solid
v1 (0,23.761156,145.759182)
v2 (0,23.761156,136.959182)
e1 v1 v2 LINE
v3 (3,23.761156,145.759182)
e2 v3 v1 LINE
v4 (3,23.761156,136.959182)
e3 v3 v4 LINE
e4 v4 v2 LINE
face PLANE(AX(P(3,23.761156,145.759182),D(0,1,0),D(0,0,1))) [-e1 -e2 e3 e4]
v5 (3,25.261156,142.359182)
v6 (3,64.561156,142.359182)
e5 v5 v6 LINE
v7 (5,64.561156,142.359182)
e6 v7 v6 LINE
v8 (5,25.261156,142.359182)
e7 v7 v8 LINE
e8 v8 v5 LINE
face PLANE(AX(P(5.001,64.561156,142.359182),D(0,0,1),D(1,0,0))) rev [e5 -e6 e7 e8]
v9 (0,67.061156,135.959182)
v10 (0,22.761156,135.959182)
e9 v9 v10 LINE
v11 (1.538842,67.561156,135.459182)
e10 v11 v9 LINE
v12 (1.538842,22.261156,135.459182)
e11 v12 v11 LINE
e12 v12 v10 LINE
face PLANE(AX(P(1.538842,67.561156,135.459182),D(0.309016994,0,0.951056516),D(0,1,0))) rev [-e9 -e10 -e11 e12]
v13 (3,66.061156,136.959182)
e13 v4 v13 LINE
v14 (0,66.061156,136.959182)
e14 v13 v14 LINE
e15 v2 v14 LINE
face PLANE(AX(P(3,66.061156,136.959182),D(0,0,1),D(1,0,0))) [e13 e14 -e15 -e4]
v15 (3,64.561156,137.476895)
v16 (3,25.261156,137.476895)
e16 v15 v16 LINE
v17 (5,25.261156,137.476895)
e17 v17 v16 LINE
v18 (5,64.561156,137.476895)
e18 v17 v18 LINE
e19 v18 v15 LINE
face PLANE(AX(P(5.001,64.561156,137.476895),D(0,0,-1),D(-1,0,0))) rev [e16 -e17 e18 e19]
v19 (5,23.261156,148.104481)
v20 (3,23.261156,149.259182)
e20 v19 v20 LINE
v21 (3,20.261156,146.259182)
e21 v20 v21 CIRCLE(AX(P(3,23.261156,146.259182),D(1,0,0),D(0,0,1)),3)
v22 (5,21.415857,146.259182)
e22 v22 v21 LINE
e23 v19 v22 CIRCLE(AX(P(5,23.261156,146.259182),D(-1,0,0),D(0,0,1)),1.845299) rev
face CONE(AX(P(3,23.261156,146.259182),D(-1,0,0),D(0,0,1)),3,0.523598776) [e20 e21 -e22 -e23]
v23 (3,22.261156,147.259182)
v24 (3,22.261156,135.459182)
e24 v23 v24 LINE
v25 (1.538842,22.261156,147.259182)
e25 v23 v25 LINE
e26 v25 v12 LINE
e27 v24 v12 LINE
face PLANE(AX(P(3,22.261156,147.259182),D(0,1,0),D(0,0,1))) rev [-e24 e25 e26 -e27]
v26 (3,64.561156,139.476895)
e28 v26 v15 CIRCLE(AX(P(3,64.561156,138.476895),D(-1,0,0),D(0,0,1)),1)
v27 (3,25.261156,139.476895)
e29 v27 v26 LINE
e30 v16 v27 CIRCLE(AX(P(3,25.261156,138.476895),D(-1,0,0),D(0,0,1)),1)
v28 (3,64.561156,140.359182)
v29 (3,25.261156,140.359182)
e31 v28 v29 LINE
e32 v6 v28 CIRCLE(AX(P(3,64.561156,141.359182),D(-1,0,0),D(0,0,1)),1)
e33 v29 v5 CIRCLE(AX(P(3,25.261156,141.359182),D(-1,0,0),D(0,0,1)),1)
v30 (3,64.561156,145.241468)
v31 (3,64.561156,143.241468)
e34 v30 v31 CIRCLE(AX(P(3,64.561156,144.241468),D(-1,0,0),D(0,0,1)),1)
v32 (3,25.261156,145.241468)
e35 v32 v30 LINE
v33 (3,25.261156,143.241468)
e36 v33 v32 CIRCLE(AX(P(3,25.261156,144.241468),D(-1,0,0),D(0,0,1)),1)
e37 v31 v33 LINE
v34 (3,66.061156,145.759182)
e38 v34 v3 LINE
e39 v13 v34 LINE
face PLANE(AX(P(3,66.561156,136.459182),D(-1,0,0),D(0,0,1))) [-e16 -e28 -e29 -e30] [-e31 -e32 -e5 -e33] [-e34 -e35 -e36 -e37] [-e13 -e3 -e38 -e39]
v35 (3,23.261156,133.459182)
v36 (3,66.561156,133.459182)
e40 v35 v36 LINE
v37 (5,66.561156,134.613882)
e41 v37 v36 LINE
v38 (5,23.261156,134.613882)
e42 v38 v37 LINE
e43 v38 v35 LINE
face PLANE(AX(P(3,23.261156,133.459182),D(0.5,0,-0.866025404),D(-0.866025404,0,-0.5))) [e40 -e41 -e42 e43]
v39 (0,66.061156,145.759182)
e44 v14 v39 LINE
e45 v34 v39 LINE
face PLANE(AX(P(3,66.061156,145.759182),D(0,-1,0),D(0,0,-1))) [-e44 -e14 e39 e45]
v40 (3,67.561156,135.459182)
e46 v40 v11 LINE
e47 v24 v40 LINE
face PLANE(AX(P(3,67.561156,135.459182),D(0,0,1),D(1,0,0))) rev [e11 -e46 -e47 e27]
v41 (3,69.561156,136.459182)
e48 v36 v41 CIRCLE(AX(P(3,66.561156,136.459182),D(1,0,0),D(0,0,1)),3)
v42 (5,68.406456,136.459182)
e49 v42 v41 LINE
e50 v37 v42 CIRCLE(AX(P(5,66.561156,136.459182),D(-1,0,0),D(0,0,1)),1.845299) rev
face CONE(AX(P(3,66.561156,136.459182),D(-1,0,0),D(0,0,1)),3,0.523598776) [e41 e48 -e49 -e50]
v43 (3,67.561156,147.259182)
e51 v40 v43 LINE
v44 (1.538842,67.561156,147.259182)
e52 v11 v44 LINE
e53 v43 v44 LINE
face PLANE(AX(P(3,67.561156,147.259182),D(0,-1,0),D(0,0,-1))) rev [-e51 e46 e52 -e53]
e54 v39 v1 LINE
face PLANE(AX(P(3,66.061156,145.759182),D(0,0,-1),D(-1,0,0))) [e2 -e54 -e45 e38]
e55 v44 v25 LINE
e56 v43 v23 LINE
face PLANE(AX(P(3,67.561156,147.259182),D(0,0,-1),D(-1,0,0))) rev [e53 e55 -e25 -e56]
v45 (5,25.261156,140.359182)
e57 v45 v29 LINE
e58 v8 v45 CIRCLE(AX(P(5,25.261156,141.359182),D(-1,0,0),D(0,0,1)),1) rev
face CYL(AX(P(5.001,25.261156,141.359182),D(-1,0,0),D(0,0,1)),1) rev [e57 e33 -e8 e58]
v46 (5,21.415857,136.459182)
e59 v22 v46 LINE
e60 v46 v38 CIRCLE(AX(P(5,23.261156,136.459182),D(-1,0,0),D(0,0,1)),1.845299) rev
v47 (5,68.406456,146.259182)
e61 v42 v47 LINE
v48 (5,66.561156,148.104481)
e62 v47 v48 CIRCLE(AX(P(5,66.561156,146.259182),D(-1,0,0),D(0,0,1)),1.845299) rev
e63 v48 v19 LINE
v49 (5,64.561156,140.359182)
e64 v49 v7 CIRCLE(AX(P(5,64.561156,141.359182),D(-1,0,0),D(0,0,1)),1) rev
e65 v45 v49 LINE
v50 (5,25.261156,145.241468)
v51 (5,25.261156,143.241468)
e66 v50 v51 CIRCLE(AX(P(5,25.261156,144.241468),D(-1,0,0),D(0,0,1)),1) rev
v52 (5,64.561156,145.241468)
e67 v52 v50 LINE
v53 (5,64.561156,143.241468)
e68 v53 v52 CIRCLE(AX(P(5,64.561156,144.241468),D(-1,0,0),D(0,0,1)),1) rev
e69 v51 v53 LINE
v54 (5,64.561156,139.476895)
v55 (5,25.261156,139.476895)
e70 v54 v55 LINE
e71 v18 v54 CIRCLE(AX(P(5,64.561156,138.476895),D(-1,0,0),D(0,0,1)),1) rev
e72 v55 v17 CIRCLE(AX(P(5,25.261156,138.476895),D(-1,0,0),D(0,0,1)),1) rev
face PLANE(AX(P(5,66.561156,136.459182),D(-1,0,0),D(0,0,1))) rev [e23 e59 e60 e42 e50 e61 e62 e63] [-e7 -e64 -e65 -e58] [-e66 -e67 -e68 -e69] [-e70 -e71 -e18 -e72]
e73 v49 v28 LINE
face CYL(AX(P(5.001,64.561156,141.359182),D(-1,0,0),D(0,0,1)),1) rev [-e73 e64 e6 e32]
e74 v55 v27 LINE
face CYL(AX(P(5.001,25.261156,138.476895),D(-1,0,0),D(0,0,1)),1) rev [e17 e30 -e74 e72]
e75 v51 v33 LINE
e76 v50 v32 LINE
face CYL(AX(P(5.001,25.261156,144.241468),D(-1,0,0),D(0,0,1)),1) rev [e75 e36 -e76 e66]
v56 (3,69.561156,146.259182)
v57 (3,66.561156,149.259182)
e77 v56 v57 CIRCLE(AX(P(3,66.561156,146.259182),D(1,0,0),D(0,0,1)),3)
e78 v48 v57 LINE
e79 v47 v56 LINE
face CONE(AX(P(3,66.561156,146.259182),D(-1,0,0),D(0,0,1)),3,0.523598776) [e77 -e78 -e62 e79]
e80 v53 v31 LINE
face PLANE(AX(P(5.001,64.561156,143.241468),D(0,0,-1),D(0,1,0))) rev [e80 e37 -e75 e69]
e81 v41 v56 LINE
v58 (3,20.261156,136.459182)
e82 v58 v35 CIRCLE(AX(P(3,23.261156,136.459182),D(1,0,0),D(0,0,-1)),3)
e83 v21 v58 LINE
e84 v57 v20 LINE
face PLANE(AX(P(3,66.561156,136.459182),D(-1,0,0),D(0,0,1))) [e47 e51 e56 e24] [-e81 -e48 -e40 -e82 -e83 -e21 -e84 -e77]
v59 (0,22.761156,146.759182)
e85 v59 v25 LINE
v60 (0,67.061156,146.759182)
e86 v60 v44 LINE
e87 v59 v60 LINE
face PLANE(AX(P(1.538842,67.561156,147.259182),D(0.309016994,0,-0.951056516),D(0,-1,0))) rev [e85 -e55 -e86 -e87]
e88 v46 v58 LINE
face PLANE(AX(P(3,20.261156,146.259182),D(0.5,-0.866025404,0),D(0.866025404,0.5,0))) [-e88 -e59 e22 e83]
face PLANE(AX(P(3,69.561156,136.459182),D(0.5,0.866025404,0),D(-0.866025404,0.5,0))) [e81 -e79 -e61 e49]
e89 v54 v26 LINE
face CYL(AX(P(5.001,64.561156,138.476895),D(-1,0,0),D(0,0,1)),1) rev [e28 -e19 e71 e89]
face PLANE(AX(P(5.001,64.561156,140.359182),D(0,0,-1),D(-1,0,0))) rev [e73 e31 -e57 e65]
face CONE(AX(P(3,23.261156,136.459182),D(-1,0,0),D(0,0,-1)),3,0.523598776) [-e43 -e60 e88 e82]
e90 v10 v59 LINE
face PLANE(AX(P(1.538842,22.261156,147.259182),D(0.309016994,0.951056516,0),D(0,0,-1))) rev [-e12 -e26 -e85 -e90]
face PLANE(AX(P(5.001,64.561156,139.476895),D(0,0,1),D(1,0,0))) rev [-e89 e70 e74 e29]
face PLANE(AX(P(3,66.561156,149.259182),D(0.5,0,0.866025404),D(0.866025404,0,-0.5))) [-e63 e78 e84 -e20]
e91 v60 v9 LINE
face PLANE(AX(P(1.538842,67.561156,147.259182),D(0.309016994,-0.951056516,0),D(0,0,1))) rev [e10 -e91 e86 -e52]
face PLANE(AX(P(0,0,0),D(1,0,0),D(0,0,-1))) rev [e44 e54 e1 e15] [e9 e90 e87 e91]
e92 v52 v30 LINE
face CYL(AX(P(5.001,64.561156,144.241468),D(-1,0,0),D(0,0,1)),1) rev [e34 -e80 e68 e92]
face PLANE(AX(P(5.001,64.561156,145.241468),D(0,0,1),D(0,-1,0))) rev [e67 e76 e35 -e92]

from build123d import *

# Parameters (mm, degrees)
SKETCH_1_W          = 11.8
SKETCH_1_H          = 45.3
SKETCH_1_W_2        = 8.8
SKETCH_1_H_2        = 42.3
EXTRUDE_1_DEPTH     = 3
EXTRUDE_2_DEPTH     = 2
EXTRUDE_2_TAPER     = 30
CUT_EXTRUDE_1_REACH = 4
CHAMFER_1_SIZE      = 0.5
CHAMFER_1_SIZE2     = 1.538841769


with BuildPart() as part:
    # 草图1 → 凸台-拉伸1 (new body)
    with BuildSketch(Plane(origin=(0, 0, 0), x_dir=(0, 0, -1), z_dir=(1, 0, 0))):
        with Locations((-141.359181517, 44.911156128)):
            Rectangle(SKETCH_1_W, SKETCH_1_H)
        with Locations((-141.359181517, 44.911156128)):
            Rectangle(SKETCH_1_W_2, SKETCH_1_H_2, mode=Mode.SUBTRACT)
    extrude(amount=EXTRUDE_1_DEPTH)

    # 草图2 → 凸台-拉伸2 (add)
    with BuildSketch(Plane(origin=(3, 0, 0), x_dir=(0, 0, -1), z_dir=(1, 0, 0))):
        with BuildLine():
            Line((-146.259181517, 20.261156128), (-136.459181517, 20.261156128))
            ThreePointArc((-136.459181517, 20.261156128), (-134.337861173, 21.139835784), (-133.459181517, 23.261156128))
            Line((-133.459181517, 23.261156128), (-133.459181517, 66.561156128))
            ThreePointArc((-133.459181517, 66.561156128), (-134.337861173, 68.682476471), (-136.459181517, 69.561156128))
            Line((-136.459181517, 69.561156128), (-146.259181517, 69.561156128))
            ThreePointArc((-146.259181517, 69.561156128), (-148.38050186, 68.682476471), (-149.259181517, 66.561156128))
            Line((-149.259181517, 66.561156128), (-149.259181517, 23.261156128))
            ThreePointArc((-149.259181517, 23.261156128), (-148.38050186, 21.139835784), (-146.259181517, 20.261156128))
        make_face()
    extrude(amount=EXTRUDE_2_DEPTH, taper=EXTRUDE_2_TAPER)

    # 草图3 → 切除-拉伸1 (cut, up to next)
    with BuildSketch(Plane.ZY.offset(-3), mode=Mode.PRIVATE) as cut_extrude_1_sk1:
        with BuildLine():
            Line((145.241468338, 64.561156128), (145.241468338, 25.261156128))
            ThreePointArc((145.241468338, 25.261156128), (144.241468338, 24.261156128), (143.241468338, 25.261156128))
            Line((143.241468338, 25.261156128), (143.241468338, 64.561156128))
            ThreePointArc((143.241468338, 64.561156128), (144.241468338, 65.561156128), (145.241468338, 64.561156128))
        make_face()
    cut_extrude_1_tool1 = extrude(cut_extrude_1_sk1.sketch, amount=-CUT_EXTRUDE_1_REACH, mode=Mode.PRIVATE) & part.part
    add(cut_extrude_1_tool1.solids().sort_by_distance((3, 44.911156, 144.241468))[0], mode=Mode.SUBTRACT)
    # 草图3 → 切除-拉伸1 (cut, up to next)
    with BuildSketch(Plane.ZY.offset(-3), mode=Mode.PRIVATE) as cut_extrude_1_sk2:
        with BuildLine():
            Line((142.359181517, 64.561156128), (142.359181517, 25.261156128))
            ThreePointArc((142.359181517, 25.261156128), (141.359181517, 24.261156128), (140.359181517, 25.261156128))
            Line((140.359181517, 25.261156128), (140.359181517, 64.561156128))
            ThreePointArc((140.359181517, 64.561156128), (141.359181517, 65.561156128), (142.359181517, 64.561156128))
        make_face()
    cut_extrude_1_tool2 = extrude(cut_extrude_1_sk2.sketch, amount=-CUT_EXTRUDE_1_REACH, mode=Mode.PRIVATE) & part.part
    add(cut_extrude_1_tool2.solids().sort_by_distance((3, 44.911156, 141.359182))[0], mode=Mode.SUBTRACT)
    # 草图3 → 切除-拉伸1 (cut, up to next)
    with BuildSketch(Plane.ZY.offset(-3), mode=Mode.PRIVATE) as cut_extrude_1_sk3:
        with BuildLine():
            Line((139.476894696, 64.561156128), (139.476894696, 25.261156128))
            ThreePointArc((139.476894696, 25.261156128), (138.476894696, 24.261156128), (137.476894696, 25.261156128))
            Line((137.476894696, 25.261156128), (137.476894696, 64.561156128))
            ThreePointArc((137.476894696, 64.561156128), (138.476894696, 65.561156128), (139.476894696, 64.561156128))
        make_face()
    cut_extrude_1_tool3 = extrude(cut_extrude_1_sk3.sketch, amount=-CUT_EXTRUDE_1_REACH, mode=Mode.PRIVATE) & part.part
    add(cut_extrude_1_tool3.solids().sort_by_distance((3, 44.911156, 138.476895))[0], mode=Mode.SUBTRACT)

    # 倒角1
    chamfer_1_edges = [part.edges().sort_by_distance(p)[0] for p in [
        (0, 67.561156128, 141.359181517),
        (0, 44.911156128, 135.459181517),
        (0, 22.261156128, 141.359181517),
        (0, 44.911156128, 147.259181517),
    ]]
    chamfer_1_side = [part.faces().sort_by_distance(p)[0] for p in [
        (0, 67.093039689, 141.359181517),
    ]]
    chamfer(chamfer_1_edges, length=CHAMFER_1_SIZE, length2=CHAMFER_1_SIZE2, reference=chamfer_1_side[0])


solid = part.part
